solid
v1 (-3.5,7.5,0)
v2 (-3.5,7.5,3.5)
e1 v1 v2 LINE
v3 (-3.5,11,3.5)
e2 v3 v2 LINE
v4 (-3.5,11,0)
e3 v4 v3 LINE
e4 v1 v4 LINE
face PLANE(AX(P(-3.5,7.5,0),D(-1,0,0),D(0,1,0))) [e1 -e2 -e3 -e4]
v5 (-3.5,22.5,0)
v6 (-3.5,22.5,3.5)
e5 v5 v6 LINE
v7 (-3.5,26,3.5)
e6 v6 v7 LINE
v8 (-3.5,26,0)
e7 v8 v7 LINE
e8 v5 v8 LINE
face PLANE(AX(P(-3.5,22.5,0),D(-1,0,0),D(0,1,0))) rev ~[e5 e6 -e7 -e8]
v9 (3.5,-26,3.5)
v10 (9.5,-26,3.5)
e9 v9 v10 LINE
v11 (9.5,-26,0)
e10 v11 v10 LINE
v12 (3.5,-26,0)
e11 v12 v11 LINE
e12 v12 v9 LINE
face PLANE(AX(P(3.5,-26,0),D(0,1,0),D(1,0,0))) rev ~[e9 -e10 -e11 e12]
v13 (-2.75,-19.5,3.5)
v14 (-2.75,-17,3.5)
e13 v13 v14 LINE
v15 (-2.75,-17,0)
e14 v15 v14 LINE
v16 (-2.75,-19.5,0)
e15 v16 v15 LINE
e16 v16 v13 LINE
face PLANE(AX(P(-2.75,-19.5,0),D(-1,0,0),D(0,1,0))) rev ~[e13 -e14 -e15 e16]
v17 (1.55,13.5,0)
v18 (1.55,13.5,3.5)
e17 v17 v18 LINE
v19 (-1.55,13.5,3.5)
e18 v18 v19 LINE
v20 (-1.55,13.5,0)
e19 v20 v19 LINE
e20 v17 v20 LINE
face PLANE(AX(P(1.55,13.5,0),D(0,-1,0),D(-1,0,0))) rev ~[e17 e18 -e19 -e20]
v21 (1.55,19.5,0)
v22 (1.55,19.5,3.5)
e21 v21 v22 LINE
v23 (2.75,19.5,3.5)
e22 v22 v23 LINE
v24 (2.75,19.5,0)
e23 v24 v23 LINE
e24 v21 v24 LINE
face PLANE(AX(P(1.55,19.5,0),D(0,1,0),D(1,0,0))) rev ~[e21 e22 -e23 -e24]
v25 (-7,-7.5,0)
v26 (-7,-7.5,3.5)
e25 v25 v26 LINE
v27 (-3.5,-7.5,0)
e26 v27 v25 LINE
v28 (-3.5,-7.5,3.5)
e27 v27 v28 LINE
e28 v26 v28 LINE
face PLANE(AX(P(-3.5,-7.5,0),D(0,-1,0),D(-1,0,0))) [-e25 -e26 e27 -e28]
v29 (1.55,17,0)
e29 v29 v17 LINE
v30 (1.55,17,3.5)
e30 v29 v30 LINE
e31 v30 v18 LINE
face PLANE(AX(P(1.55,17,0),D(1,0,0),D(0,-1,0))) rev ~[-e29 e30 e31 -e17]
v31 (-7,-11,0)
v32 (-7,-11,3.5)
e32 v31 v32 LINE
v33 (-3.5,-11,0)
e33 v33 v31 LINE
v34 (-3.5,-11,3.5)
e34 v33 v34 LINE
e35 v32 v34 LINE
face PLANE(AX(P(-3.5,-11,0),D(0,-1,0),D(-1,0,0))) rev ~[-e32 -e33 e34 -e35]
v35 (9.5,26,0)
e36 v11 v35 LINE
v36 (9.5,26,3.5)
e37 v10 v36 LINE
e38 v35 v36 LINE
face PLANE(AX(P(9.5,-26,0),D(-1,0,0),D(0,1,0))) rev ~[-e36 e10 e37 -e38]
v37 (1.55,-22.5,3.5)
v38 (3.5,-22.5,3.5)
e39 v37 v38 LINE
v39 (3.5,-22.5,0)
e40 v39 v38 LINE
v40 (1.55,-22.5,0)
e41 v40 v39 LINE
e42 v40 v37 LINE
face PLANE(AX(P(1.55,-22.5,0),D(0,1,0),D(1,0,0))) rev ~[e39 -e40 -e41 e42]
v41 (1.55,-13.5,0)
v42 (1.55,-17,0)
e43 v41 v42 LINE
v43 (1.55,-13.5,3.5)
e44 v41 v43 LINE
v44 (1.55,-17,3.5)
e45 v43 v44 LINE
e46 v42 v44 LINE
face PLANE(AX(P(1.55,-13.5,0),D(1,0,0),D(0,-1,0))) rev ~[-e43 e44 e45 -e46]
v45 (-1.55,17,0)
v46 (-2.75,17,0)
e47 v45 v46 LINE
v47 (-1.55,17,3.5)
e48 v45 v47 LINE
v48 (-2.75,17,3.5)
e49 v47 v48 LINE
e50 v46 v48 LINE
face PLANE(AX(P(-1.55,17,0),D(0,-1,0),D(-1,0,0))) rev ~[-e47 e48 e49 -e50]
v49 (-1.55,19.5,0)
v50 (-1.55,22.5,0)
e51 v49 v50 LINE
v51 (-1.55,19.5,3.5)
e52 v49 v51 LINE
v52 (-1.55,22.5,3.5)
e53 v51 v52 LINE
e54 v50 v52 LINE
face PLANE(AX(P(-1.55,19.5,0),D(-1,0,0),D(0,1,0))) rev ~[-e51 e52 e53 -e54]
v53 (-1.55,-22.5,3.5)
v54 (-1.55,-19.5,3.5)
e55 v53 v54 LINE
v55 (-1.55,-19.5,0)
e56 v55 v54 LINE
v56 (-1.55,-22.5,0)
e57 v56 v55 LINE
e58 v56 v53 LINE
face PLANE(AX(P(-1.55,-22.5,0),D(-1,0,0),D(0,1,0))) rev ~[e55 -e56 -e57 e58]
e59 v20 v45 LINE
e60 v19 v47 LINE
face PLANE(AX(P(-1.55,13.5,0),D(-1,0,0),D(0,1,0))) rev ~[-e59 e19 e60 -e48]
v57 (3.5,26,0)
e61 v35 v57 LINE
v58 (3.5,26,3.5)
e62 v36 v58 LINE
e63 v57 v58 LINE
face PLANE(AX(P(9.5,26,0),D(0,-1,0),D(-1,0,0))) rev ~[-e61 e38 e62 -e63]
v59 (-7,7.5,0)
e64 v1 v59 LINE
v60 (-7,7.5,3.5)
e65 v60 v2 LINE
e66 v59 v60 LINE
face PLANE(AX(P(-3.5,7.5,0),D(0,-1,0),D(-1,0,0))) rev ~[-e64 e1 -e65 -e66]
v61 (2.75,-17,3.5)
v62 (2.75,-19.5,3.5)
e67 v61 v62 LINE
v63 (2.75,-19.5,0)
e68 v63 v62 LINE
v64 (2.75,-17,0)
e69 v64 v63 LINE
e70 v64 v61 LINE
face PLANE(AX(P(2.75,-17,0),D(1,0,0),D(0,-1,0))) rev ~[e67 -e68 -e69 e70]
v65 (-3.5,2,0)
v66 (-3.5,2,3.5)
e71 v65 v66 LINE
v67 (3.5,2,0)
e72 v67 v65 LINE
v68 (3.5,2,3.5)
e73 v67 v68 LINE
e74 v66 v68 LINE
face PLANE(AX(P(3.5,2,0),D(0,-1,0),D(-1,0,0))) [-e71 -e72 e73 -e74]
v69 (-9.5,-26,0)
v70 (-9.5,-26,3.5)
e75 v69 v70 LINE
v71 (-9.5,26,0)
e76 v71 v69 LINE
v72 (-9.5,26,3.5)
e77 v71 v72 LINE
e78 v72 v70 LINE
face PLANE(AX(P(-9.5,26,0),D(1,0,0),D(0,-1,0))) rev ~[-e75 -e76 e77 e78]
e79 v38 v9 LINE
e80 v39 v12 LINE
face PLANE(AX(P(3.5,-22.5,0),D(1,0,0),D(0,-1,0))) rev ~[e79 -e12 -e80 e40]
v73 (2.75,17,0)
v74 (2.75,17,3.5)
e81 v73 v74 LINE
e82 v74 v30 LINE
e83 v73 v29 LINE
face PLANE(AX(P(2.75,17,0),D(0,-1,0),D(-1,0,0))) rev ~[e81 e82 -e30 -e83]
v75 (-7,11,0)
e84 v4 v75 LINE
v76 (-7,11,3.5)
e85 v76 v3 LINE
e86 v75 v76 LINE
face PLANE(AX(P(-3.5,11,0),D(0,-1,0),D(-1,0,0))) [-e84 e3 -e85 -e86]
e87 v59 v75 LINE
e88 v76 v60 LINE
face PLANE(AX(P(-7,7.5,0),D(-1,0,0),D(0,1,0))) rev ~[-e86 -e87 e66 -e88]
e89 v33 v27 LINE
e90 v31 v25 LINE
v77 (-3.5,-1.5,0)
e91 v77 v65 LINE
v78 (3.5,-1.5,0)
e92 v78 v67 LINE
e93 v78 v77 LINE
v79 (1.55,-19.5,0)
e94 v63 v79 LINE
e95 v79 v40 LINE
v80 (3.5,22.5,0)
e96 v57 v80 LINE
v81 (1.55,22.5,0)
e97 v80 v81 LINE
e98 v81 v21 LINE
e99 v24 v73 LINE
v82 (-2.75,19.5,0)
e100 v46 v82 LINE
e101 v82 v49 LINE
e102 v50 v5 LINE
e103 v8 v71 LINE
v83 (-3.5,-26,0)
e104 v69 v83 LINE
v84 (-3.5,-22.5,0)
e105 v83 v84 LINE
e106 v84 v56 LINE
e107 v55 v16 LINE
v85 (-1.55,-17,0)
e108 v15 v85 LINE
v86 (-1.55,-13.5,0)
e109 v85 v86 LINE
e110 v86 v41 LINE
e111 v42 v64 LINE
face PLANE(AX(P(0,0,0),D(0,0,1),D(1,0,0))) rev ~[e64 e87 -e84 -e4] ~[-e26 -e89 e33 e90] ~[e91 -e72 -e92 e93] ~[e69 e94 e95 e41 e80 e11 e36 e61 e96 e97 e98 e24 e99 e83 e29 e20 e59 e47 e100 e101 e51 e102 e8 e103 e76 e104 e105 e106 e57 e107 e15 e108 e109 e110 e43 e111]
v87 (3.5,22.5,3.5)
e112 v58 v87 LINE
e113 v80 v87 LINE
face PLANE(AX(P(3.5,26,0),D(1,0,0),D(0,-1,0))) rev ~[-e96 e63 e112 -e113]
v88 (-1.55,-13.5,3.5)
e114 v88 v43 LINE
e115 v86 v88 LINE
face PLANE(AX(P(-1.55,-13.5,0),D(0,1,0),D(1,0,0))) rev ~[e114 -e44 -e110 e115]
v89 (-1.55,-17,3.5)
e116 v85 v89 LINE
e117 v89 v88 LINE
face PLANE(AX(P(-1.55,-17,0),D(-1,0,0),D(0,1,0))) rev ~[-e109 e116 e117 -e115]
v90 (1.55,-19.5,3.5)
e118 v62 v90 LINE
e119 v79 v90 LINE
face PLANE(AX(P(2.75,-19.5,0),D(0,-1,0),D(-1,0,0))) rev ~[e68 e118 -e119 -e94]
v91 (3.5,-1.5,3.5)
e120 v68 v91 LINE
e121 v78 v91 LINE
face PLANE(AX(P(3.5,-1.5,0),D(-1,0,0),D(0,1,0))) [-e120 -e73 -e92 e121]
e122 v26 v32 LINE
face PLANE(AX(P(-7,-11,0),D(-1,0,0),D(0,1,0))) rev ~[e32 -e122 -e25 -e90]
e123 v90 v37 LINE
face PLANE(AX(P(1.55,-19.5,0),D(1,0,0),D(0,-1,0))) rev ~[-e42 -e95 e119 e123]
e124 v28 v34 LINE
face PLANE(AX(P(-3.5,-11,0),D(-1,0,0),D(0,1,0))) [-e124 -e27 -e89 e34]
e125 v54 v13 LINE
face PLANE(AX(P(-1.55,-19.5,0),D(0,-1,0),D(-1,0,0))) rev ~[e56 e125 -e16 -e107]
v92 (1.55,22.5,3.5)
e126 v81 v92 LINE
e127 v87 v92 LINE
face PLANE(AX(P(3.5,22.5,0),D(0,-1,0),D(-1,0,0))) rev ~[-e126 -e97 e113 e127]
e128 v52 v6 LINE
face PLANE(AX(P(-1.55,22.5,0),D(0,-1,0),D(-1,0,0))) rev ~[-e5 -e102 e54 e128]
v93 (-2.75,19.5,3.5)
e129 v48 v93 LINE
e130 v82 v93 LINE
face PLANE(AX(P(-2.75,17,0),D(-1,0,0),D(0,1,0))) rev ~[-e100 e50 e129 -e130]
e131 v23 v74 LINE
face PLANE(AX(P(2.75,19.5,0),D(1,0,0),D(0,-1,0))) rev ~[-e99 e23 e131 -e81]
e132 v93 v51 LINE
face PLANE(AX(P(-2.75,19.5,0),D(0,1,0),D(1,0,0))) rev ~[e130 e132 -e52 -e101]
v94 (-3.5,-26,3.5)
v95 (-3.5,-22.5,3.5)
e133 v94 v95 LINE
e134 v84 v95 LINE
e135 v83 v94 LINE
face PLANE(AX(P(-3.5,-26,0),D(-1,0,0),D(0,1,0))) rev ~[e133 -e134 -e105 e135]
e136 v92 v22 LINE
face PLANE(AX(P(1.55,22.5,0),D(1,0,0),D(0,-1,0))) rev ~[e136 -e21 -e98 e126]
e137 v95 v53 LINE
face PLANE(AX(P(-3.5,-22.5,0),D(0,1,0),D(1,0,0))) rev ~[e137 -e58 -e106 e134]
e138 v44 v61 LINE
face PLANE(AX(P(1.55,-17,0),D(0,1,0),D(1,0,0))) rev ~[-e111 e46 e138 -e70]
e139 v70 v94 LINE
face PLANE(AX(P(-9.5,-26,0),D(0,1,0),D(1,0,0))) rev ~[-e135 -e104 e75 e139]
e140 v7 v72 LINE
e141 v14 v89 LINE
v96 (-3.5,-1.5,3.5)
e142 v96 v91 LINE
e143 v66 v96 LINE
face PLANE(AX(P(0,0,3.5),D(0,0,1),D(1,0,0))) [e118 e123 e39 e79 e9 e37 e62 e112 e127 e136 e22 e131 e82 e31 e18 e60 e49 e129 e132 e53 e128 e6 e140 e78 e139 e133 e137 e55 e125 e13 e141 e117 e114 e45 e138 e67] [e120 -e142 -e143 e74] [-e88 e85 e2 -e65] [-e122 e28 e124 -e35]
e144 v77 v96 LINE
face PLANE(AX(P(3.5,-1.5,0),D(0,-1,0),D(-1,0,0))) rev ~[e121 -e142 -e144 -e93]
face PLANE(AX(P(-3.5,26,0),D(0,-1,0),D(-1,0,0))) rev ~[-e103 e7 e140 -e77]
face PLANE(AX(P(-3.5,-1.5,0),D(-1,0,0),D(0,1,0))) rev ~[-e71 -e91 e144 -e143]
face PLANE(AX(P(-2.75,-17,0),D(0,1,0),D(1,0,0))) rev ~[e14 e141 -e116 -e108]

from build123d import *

# Parameters (mm, degrees)
BOSS_EXTRUDE1_DEPTH = 3.5
SKETCH2_W           = 3.5
SKETCH2_H           = 3.5
CUT_EXTRUDE1_DEPTH  = 28.901612857
SKETCH3_W           = 7
SKETCH3_H           = 3.5
CUT_EXTRUDE2_DEPTH  = 28.901612857


with BuildPart() as part:
    # Sketch1 → Boss-Extrude1 (new body)
    with BuildSketch(Plane.XY):
        Polygon((3.5, 26), (3.5, 22.5), (1.55, 22.5), (1.55, 19.5), (2.75, 19.5), (2.75, 17), (1.55, 17), (1.55, 13.5), (-1.55, 13.5), (-1.55, 17), (-2.75, 17), (-2.75, 19.5), (-1.55, 19.5), (-1.55, 22.5), (-3.5, 22.5), (-3.5, 26), (-9.5, 26), (-9.5, -26), (-3.5, -26), (-3.5, -22.5), (-1.55, -22.5), (-1.55, -19.5), (-2.75, -19.5), (-2.75, -17), (-1.55, -17), (-1.55, -13.5), (1.55, -13.5), (1.55, -17), (2.75, -17), (2.75, -19.5), (1.55, -19.5), (1.55, -22.5), (3.5, -22.5), (3.5, -26), (9.5, -26), (9.5, 26), align=None)
    extrude(amount=BOSS_EXTRUDE1_DEPTH)

    # Sketch2 → Cut-Extrude1 (cut, through all)
    with BuildSketch(Plane(origin=(0, 0, 0), x_dir=(-1, 0, 0), z_dir=(0, 0, -1))):
        with Locations((5.25, -9.25)):
            Rectangle(SKETCH2_W, SKETCH2_H)
        with Locations((5.25, 9.25)):
            Rectangle(SKETCH2_W, SKETCH2_H)
    extrude(amount=-CUT_EXTRUDE1_DEPTH, mode=Mode.SUBTRACT)

    # Sketch3 → Cut-Extrude2 (cut, through all)
    with BuildSketch(Plane(origin=(0, 0, 0), x_dir=(-1, 0, 0), z_dir=(0, 0, -1))):
        with Locations((0, 0.25)):
            Rectangle(SKETCH3_W, SKETCH3_H)
    extrude(amount=-CUT_EXTRUDE2_DEPTH, mode=Mode.SUBTRACT)


solid = part.part
